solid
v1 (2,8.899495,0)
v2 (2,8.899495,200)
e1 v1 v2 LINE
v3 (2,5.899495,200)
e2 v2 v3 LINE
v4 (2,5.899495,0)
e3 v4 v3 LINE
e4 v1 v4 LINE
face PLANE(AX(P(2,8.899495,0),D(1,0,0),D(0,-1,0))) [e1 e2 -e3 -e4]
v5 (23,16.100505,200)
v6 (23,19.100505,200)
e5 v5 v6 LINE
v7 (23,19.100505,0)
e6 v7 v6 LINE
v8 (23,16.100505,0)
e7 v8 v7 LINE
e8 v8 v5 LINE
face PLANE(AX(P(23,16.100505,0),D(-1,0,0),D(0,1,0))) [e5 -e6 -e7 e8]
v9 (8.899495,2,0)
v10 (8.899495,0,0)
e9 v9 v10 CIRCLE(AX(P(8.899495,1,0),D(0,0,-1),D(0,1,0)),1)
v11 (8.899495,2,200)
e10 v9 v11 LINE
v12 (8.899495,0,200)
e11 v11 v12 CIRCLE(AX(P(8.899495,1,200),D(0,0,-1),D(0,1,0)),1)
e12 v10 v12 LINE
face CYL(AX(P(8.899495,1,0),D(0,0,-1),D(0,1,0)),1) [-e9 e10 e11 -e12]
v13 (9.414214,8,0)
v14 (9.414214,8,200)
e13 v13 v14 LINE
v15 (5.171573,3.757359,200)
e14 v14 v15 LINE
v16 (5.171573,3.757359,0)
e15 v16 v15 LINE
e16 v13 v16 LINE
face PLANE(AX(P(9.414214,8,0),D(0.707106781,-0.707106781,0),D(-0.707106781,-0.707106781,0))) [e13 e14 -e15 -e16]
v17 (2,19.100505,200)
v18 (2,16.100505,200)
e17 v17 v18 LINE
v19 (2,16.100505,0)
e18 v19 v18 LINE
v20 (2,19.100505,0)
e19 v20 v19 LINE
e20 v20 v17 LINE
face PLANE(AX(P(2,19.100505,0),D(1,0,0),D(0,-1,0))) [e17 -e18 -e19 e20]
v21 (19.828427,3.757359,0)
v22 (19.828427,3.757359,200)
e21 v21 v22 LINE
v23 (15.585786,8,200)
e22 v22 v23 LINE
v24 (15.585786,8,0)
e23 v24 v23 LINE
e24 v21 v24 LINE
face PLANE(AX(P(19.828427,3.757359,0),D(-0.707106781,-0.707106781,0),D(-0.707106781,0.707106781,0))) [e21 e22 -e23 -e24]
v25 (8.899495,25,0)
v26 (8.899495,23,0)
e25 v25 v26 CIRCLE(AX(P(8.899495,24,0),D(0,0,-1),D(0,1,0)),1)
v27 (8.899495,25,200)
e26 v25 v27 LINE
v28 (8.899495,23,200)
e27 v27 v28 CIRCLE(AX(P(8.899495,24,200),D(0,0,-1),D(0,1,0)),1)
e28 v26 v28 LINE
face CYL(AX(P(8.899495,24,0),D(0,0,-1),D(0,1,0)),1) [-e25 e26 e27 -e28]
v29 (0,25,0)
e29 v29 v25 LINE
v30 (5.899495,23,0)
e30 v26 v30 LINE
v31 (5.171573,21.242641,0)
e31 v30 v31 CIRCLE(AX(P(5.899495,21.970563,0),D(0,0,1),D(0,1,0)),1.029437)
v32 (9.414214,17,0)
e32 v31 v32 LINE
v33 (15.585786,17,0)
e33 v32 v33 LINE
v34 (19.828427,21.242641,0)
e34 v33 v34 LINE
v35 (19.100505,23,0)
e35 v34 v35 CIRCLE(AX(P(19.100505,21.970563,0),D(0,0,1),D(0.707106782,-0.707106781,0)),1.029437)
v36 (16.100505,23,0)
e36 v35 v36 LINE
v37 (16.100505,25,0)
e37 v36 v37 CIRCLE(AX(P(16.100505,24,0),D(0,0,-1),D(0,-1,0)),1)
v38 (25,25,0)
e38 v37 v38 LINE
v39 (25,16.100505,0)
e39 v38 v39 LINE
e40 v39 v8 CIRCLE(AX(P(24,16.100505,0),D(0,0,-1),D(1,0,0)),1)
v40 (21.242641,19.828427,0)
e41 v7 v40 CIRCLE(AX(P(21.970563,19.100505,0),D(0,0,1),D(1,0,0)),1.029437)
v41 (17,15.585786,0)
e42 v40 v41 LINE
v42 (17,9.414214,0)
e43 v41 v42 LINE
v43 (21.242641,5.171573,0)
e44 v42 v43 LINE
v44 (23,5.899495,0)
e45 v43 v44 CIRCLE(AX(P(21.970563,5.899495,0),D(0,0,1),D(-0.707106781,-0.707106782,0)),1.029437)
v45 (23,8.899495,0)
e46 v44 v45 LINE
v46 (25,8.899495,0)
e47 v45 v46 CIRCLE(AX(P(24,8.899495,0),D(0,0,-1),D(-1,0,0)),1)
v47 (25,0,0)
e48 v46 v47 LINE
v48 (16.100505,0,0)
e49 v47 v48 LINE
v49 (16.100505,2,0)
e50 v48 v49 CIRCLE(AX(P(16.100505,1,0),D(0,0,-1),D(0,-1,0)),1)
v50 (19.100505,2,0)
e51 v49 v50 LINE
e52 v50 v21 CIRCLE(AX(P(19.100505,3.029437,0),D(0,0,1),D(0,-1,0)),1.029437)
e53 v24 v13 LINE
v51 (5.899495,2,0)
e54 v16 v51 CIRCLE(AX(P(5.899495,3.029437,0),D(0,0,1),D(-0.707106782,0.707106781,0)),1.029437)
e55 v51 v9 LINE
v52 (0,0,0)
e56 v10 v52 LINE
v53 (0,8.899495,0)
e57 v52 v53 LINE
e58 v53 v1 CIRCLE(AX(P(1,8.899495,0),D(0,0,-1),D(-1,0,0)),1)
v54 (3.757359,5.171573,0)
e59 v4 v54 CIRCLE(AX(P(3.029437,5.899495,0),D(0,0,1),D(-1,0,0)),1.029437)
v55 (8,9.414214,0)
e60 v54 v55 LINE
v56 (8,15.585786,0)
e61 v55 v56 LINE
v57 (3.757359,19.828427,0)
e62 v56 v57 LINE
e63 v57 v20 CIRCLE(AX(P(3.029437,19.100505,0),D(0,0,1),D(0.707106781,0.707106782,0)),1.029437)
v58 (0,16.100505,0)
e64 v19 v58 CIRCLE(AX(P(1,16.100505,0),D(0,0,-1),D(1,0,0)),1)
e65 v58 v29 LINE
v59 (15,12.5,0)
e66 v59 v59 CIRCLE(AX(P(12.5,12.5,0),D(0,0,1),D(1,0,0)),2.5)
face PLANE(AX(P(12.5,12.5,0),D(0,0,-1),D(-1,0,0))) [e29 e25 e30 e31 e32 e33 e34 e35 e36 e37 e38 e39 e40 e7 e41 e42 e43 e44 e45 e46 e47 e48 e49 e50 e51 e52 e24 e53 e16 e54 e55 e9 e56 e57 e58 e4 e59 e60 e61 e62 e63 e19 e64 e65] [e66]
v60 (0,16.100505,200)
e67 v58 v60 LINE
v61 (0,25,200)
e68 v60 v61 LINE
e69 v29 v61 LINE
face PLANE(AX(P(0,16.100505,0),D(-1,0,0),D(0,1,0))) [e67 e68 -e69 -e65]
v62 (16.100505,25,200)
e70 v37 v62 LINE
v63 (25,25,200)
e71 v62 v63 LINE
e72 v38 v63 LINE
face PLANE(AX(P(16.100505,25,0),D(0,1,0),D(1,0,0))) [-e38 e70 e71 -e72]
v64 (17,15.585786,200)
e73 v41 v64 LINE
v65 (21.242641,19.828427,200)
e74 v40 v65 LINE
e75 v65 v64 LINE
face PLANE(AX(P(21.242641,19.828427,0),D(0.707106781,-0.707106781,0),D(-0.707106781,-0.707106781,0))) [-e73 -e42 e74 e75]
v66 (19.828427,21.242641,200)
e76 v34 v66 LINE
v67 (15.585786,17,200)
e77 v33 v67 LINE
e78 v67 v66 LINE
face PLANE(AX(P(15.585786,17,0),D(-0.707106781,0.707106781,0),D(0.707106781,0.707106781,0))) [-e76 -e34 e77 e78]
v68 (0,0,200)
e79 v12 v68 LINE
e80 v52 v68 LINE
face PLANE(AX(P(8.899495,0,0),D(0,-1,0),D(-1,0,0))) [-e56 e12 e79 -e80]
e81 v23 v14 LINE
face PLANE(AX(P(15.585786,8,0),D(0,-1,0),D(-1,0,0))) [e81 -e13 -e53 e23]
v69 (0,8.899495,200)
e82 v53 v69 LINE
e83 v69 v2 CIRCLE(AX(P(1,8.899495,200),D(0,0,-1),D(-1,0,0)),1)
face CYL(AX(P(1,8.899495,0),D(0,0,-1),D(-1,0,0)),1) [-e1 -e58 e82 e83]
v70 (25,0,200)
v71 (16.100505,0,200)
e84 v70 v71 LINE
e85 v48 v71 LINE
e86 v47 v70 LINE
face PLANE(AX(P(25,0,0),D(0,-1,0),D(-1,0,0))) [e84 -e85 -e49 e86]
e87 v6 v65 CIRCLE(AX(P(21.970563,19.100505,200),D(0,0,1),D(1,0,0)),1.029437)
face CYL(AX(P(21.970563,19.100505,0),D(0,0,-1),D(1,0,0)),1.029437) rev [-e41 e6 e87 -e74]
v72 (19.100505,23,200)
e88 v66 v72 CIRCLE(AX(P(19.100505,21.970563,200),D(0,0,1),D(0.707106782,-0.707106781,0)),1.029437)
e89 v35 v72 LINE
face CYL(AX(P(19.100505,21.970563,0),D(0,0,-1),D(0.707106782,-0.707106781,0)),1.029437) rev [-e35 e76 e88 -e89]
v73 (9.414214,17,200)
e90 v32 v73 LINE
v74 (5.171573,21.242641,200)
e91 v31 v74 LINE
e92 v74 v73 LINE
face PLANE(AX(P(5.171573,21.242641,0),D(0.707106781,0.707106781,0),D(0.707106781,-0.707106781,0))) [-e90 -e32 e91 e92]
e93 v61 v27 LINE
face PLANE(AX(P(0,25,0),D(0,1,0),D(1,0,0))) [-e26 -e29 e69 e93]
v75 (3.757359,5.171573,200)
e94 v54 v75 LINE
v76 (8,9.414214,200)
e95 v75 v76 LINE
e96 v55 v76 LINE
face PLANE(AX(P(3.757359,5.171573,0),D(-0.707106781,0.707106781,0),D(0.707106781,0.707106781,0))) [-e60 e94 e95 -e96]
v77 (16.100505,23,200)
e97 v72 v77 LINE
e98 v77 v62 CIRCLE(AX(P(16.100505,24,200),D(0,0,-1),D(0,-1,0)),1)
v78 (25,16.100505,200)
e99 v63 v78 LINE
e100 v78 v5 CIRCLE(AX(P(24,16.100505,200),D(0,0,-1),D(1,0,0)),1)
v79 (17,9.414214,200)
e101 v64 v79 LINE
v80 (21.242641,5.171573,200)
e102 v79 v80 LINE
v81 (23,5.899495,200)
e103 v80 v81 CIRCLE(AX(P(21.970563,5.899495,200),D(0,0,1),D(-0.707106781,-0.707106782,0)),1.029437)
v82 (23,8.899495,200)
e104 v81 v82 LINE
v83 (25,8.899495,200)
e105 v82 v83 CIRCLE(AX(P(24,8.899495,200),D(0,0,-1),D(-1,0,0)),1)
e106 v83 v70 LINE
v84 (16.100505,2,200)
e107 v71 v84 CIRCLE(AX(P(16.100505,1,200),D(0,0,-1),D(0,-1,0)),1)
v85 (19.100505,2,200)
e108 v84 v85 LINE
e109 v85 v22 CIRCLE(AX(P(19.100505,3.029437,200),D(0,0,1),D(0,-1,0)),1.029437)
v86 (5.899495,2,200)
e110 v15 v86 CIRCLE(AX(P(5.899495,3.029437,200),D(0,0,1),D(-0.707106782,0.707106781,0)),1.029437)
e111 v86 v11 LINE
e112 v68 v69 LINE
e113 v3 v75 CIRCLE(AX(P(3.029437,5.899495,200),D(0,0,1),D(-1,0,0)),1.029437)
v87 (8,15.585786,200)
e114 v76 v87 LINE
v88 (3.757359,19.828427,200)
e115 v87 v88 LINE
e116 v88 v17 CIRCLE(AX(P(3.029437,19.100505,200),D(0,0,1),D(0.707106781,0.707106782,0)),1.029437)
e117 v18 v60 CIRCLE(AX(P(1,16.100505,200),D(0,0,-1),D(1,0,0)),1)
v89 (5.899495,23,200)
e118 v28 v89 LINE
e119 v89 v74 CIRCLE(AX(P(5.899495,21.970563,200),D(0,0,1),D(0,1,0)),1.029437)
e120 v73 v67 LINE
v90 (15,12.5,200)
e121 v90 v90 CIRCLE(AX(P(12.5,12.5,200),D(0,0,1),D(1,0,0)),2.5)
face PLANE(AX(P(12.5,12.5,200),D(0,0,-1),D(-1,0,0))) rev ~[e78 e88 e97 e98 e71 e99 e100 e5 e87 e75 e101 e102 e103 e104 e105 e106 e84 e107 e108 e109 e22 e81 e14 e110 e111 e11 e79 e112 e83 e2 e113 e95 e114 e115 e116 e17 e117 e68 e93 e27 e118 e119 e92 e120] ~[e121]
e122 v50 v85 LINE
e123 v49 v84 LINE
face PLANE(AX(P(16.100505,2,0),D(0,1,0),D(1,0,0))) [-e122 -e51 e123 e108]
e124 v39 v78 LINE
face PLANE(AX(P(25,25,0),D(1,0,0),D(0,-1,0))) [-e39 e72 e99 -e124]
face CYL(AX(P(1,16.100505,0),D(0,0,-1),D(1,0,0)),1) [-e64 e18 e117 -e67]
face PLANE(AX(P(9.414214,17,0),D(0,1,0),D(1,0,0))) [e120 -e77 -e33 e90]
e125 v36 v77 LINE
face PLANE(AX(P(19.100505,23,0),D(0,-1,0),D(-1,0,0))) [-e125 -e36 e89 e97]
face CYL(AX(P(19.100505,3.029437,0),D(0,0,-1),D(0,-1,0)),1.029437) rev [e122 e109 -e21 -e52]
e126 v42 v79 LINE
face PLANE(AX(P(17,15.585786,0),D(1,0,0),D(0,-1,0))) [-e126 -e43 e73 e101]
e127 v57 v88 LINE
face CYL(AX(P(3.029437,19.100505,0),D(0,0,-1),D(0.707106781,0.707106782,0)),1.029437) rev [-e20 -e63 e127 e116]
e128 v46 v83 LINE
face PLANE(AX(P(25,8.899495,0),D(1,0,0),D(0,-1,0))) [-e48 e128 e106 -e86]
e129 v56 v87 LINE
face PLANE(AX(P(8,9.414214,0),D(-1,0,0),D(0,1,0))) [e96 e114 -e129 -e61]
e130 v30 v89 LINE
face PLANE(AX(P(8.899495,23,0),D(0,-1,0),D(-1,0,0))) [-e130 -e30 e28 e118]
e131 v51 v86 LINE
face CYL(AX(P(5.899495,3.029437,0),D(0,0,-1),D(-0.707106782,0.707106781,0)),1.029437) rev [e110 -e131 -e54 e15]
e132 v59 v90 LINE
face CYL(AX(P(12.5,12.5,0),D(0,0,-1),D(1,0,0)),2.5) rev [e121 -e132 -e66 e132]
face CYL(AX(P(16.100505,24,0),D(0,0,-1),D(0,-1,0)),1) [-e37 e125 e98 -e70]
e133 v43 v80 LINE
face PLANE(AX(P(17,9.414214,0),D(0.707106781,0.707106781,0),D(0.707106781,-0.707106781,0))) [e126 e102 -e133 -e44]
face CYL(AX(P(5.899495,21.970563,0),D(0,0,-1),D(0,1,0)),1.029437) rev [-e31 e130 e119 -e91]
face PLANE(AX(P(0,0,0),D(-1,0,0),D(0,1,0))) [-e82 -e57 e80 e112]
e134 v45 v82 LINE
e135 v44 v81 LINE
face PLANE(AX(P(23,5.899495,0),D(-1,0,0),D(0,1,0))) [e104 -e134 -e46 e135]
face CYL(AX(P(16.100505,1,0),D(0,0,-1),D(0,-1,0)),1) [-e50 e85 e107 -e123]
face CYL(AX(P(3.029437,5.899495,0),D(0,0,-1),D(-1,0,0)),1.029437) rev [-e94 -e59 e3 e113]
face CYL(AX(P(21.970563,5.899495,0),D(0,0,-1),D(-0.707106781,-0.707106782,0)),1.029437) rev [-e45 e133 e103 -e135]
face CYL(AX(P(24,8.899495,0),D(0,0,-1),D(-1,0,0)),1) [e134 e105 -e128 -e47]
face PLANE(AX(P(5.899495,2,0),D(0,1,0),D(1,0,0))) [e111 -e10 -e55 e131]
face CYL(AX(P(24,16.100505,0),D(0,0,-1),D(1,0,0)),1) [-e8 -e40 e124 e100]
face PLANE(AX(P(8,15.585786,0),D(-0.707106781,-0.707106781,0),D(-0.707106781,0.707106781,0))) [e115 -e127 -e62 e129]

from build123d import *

# Parameters (mm, degrees)
SKETCH2_R           = 2.5
BOSS_EXTRUDE1_DEPTH = 200


with BuildPart() as part:
    # Sketch2 → Boss-Extrude1 (new body)
    with BuildSketch(Plane.XY):
        with BuildLine():
            ThreePointArc((16.100505063, 0), (15.100505063, 1), (16.100505063, 2))
            Line((16.100505063, 2), (19.100505063, 2))
            ThreePointArc((19.100505063, 2), (20.05158107, 2.635488671), (19.828427125, 3.757359313))
            Line((19.828427125, 3.757359313), (15.585786438, 8))
            Line((15.585786438, 8), (12.5, 8))
            Line((12.5, 8), (9.414213562, 8))
            Line((9.414213562, 8), (5.171572875, 3.757359313))
            ThreePointArc((5.171572875, 3.757359313), (4.94841893, 2.635488671), (5.899494937, 2))
            Line((5.899494937, 2), (8.899494937, 2))
            ThreePointArc((8.899494937, 2), (9.899494937, 1), (8.899494937, 0))
            Line((8.899494937, 0), (0, 0))
            Line((0, 0), (0, 8.899494937))
            ThreePointArc((0, 8.899494937), (1, 9.899494937), (2, 8.899494937))
            Line((2, 8.899494937), (2, 5.899494937))
            ThreePointArc((2, 5.899494937), (2.635488671, 4.94841893), (3.757359313, 5.171572875))
            Line((3.757359313, 5.171572875), (8, 9.414213562))
            Line((8, 9.414213562), (8, 12.5))
            Line((8, 12.5), (8, 15.585786438))
            Line((8, 15.585786438), (3.757359313, 19.828427125))
            ThreePointArc((3.757359313, 19.828427125), (2.635488671, 20.05158107), (2, 19.100505063))
            Line((2, 19.100505063), (2, 16.100505063))
            ThreePointArc((2, 16.100505063), (1, 15.100505063), (0, 16.100505063))
            Line((0, 16.100505063), (0, 25))
            Line((0, 25), (8.899494937, 25))
            ThreePointArc((8.899494937, 25), (9.899494937, 24), (8.899494937, 23))
            Line((8.899494937, 23), (5.899494937, 23))
            ThreePointArc((5.899494937, 23), (4.94841893, 22.364511329), (5.171572875, 21.242640687))
            Line((5.171572875, 21.242640687), (9.414213562, 17))
            Line((9.414213562, 17), (12.5, 17))
            Line((12.5, 17), (15.585786438, 17))
            Line((15.585786438, 17), (19.828427125, 21.242640687))
            ThreePointArc((19.828427125, 21.242640687), (20.05158107, 22.364511329), (19.100505063, 23))
            Line((19.100505063, 23), (16.100505063, 23))
            ThreePointArc((16.100505063, 23), (15.100505063, 24), (16.100505063, 25))
            Line((16.100505063, 25), (25, 25))
            Line((25, 25), (25, 16.100505063))
            ThreePointArc((25, 16.100505063), (24, 15.100505063), (23, 16.100505063))
            Line((23, 16.100505063), (23, 19.100505063))
            ThreePointArc((23, 19.100505063), (22.364511329, 20.05158107), (21.242640687, 19.828427125))
            Line((21.242640687, 19.828427125), (17, 15.585786438))
            Line((17, 15.585786438), (17, 12.5))
            Line((17, 12.5), (17, 9.414213562))
            Line((17, 9.414213562), (21.242640687, 5.171572875))
            ThreePointArc((21.242640687, 5.171572875), (22.364511329, 4.94841893), (23, 5.899494937))
            Line((23, 5.899494937), (23, 8.899494937))
            ThreePointArc((23, 8.899494937), (24, 9.899494937), (25, 8.899494937))
            Line((25, 8.899494937), (25, 0))
            Line((25, 0), (16.100505063, 0))
        make_face()
        with Locations((12.5, 12.5)):
            Circle(SKETCH2_R, mode=Mode.SUBTRACT)
    extrude(amount=BOSS_EXTRUDE1_DEPTH)


solid = part.part
